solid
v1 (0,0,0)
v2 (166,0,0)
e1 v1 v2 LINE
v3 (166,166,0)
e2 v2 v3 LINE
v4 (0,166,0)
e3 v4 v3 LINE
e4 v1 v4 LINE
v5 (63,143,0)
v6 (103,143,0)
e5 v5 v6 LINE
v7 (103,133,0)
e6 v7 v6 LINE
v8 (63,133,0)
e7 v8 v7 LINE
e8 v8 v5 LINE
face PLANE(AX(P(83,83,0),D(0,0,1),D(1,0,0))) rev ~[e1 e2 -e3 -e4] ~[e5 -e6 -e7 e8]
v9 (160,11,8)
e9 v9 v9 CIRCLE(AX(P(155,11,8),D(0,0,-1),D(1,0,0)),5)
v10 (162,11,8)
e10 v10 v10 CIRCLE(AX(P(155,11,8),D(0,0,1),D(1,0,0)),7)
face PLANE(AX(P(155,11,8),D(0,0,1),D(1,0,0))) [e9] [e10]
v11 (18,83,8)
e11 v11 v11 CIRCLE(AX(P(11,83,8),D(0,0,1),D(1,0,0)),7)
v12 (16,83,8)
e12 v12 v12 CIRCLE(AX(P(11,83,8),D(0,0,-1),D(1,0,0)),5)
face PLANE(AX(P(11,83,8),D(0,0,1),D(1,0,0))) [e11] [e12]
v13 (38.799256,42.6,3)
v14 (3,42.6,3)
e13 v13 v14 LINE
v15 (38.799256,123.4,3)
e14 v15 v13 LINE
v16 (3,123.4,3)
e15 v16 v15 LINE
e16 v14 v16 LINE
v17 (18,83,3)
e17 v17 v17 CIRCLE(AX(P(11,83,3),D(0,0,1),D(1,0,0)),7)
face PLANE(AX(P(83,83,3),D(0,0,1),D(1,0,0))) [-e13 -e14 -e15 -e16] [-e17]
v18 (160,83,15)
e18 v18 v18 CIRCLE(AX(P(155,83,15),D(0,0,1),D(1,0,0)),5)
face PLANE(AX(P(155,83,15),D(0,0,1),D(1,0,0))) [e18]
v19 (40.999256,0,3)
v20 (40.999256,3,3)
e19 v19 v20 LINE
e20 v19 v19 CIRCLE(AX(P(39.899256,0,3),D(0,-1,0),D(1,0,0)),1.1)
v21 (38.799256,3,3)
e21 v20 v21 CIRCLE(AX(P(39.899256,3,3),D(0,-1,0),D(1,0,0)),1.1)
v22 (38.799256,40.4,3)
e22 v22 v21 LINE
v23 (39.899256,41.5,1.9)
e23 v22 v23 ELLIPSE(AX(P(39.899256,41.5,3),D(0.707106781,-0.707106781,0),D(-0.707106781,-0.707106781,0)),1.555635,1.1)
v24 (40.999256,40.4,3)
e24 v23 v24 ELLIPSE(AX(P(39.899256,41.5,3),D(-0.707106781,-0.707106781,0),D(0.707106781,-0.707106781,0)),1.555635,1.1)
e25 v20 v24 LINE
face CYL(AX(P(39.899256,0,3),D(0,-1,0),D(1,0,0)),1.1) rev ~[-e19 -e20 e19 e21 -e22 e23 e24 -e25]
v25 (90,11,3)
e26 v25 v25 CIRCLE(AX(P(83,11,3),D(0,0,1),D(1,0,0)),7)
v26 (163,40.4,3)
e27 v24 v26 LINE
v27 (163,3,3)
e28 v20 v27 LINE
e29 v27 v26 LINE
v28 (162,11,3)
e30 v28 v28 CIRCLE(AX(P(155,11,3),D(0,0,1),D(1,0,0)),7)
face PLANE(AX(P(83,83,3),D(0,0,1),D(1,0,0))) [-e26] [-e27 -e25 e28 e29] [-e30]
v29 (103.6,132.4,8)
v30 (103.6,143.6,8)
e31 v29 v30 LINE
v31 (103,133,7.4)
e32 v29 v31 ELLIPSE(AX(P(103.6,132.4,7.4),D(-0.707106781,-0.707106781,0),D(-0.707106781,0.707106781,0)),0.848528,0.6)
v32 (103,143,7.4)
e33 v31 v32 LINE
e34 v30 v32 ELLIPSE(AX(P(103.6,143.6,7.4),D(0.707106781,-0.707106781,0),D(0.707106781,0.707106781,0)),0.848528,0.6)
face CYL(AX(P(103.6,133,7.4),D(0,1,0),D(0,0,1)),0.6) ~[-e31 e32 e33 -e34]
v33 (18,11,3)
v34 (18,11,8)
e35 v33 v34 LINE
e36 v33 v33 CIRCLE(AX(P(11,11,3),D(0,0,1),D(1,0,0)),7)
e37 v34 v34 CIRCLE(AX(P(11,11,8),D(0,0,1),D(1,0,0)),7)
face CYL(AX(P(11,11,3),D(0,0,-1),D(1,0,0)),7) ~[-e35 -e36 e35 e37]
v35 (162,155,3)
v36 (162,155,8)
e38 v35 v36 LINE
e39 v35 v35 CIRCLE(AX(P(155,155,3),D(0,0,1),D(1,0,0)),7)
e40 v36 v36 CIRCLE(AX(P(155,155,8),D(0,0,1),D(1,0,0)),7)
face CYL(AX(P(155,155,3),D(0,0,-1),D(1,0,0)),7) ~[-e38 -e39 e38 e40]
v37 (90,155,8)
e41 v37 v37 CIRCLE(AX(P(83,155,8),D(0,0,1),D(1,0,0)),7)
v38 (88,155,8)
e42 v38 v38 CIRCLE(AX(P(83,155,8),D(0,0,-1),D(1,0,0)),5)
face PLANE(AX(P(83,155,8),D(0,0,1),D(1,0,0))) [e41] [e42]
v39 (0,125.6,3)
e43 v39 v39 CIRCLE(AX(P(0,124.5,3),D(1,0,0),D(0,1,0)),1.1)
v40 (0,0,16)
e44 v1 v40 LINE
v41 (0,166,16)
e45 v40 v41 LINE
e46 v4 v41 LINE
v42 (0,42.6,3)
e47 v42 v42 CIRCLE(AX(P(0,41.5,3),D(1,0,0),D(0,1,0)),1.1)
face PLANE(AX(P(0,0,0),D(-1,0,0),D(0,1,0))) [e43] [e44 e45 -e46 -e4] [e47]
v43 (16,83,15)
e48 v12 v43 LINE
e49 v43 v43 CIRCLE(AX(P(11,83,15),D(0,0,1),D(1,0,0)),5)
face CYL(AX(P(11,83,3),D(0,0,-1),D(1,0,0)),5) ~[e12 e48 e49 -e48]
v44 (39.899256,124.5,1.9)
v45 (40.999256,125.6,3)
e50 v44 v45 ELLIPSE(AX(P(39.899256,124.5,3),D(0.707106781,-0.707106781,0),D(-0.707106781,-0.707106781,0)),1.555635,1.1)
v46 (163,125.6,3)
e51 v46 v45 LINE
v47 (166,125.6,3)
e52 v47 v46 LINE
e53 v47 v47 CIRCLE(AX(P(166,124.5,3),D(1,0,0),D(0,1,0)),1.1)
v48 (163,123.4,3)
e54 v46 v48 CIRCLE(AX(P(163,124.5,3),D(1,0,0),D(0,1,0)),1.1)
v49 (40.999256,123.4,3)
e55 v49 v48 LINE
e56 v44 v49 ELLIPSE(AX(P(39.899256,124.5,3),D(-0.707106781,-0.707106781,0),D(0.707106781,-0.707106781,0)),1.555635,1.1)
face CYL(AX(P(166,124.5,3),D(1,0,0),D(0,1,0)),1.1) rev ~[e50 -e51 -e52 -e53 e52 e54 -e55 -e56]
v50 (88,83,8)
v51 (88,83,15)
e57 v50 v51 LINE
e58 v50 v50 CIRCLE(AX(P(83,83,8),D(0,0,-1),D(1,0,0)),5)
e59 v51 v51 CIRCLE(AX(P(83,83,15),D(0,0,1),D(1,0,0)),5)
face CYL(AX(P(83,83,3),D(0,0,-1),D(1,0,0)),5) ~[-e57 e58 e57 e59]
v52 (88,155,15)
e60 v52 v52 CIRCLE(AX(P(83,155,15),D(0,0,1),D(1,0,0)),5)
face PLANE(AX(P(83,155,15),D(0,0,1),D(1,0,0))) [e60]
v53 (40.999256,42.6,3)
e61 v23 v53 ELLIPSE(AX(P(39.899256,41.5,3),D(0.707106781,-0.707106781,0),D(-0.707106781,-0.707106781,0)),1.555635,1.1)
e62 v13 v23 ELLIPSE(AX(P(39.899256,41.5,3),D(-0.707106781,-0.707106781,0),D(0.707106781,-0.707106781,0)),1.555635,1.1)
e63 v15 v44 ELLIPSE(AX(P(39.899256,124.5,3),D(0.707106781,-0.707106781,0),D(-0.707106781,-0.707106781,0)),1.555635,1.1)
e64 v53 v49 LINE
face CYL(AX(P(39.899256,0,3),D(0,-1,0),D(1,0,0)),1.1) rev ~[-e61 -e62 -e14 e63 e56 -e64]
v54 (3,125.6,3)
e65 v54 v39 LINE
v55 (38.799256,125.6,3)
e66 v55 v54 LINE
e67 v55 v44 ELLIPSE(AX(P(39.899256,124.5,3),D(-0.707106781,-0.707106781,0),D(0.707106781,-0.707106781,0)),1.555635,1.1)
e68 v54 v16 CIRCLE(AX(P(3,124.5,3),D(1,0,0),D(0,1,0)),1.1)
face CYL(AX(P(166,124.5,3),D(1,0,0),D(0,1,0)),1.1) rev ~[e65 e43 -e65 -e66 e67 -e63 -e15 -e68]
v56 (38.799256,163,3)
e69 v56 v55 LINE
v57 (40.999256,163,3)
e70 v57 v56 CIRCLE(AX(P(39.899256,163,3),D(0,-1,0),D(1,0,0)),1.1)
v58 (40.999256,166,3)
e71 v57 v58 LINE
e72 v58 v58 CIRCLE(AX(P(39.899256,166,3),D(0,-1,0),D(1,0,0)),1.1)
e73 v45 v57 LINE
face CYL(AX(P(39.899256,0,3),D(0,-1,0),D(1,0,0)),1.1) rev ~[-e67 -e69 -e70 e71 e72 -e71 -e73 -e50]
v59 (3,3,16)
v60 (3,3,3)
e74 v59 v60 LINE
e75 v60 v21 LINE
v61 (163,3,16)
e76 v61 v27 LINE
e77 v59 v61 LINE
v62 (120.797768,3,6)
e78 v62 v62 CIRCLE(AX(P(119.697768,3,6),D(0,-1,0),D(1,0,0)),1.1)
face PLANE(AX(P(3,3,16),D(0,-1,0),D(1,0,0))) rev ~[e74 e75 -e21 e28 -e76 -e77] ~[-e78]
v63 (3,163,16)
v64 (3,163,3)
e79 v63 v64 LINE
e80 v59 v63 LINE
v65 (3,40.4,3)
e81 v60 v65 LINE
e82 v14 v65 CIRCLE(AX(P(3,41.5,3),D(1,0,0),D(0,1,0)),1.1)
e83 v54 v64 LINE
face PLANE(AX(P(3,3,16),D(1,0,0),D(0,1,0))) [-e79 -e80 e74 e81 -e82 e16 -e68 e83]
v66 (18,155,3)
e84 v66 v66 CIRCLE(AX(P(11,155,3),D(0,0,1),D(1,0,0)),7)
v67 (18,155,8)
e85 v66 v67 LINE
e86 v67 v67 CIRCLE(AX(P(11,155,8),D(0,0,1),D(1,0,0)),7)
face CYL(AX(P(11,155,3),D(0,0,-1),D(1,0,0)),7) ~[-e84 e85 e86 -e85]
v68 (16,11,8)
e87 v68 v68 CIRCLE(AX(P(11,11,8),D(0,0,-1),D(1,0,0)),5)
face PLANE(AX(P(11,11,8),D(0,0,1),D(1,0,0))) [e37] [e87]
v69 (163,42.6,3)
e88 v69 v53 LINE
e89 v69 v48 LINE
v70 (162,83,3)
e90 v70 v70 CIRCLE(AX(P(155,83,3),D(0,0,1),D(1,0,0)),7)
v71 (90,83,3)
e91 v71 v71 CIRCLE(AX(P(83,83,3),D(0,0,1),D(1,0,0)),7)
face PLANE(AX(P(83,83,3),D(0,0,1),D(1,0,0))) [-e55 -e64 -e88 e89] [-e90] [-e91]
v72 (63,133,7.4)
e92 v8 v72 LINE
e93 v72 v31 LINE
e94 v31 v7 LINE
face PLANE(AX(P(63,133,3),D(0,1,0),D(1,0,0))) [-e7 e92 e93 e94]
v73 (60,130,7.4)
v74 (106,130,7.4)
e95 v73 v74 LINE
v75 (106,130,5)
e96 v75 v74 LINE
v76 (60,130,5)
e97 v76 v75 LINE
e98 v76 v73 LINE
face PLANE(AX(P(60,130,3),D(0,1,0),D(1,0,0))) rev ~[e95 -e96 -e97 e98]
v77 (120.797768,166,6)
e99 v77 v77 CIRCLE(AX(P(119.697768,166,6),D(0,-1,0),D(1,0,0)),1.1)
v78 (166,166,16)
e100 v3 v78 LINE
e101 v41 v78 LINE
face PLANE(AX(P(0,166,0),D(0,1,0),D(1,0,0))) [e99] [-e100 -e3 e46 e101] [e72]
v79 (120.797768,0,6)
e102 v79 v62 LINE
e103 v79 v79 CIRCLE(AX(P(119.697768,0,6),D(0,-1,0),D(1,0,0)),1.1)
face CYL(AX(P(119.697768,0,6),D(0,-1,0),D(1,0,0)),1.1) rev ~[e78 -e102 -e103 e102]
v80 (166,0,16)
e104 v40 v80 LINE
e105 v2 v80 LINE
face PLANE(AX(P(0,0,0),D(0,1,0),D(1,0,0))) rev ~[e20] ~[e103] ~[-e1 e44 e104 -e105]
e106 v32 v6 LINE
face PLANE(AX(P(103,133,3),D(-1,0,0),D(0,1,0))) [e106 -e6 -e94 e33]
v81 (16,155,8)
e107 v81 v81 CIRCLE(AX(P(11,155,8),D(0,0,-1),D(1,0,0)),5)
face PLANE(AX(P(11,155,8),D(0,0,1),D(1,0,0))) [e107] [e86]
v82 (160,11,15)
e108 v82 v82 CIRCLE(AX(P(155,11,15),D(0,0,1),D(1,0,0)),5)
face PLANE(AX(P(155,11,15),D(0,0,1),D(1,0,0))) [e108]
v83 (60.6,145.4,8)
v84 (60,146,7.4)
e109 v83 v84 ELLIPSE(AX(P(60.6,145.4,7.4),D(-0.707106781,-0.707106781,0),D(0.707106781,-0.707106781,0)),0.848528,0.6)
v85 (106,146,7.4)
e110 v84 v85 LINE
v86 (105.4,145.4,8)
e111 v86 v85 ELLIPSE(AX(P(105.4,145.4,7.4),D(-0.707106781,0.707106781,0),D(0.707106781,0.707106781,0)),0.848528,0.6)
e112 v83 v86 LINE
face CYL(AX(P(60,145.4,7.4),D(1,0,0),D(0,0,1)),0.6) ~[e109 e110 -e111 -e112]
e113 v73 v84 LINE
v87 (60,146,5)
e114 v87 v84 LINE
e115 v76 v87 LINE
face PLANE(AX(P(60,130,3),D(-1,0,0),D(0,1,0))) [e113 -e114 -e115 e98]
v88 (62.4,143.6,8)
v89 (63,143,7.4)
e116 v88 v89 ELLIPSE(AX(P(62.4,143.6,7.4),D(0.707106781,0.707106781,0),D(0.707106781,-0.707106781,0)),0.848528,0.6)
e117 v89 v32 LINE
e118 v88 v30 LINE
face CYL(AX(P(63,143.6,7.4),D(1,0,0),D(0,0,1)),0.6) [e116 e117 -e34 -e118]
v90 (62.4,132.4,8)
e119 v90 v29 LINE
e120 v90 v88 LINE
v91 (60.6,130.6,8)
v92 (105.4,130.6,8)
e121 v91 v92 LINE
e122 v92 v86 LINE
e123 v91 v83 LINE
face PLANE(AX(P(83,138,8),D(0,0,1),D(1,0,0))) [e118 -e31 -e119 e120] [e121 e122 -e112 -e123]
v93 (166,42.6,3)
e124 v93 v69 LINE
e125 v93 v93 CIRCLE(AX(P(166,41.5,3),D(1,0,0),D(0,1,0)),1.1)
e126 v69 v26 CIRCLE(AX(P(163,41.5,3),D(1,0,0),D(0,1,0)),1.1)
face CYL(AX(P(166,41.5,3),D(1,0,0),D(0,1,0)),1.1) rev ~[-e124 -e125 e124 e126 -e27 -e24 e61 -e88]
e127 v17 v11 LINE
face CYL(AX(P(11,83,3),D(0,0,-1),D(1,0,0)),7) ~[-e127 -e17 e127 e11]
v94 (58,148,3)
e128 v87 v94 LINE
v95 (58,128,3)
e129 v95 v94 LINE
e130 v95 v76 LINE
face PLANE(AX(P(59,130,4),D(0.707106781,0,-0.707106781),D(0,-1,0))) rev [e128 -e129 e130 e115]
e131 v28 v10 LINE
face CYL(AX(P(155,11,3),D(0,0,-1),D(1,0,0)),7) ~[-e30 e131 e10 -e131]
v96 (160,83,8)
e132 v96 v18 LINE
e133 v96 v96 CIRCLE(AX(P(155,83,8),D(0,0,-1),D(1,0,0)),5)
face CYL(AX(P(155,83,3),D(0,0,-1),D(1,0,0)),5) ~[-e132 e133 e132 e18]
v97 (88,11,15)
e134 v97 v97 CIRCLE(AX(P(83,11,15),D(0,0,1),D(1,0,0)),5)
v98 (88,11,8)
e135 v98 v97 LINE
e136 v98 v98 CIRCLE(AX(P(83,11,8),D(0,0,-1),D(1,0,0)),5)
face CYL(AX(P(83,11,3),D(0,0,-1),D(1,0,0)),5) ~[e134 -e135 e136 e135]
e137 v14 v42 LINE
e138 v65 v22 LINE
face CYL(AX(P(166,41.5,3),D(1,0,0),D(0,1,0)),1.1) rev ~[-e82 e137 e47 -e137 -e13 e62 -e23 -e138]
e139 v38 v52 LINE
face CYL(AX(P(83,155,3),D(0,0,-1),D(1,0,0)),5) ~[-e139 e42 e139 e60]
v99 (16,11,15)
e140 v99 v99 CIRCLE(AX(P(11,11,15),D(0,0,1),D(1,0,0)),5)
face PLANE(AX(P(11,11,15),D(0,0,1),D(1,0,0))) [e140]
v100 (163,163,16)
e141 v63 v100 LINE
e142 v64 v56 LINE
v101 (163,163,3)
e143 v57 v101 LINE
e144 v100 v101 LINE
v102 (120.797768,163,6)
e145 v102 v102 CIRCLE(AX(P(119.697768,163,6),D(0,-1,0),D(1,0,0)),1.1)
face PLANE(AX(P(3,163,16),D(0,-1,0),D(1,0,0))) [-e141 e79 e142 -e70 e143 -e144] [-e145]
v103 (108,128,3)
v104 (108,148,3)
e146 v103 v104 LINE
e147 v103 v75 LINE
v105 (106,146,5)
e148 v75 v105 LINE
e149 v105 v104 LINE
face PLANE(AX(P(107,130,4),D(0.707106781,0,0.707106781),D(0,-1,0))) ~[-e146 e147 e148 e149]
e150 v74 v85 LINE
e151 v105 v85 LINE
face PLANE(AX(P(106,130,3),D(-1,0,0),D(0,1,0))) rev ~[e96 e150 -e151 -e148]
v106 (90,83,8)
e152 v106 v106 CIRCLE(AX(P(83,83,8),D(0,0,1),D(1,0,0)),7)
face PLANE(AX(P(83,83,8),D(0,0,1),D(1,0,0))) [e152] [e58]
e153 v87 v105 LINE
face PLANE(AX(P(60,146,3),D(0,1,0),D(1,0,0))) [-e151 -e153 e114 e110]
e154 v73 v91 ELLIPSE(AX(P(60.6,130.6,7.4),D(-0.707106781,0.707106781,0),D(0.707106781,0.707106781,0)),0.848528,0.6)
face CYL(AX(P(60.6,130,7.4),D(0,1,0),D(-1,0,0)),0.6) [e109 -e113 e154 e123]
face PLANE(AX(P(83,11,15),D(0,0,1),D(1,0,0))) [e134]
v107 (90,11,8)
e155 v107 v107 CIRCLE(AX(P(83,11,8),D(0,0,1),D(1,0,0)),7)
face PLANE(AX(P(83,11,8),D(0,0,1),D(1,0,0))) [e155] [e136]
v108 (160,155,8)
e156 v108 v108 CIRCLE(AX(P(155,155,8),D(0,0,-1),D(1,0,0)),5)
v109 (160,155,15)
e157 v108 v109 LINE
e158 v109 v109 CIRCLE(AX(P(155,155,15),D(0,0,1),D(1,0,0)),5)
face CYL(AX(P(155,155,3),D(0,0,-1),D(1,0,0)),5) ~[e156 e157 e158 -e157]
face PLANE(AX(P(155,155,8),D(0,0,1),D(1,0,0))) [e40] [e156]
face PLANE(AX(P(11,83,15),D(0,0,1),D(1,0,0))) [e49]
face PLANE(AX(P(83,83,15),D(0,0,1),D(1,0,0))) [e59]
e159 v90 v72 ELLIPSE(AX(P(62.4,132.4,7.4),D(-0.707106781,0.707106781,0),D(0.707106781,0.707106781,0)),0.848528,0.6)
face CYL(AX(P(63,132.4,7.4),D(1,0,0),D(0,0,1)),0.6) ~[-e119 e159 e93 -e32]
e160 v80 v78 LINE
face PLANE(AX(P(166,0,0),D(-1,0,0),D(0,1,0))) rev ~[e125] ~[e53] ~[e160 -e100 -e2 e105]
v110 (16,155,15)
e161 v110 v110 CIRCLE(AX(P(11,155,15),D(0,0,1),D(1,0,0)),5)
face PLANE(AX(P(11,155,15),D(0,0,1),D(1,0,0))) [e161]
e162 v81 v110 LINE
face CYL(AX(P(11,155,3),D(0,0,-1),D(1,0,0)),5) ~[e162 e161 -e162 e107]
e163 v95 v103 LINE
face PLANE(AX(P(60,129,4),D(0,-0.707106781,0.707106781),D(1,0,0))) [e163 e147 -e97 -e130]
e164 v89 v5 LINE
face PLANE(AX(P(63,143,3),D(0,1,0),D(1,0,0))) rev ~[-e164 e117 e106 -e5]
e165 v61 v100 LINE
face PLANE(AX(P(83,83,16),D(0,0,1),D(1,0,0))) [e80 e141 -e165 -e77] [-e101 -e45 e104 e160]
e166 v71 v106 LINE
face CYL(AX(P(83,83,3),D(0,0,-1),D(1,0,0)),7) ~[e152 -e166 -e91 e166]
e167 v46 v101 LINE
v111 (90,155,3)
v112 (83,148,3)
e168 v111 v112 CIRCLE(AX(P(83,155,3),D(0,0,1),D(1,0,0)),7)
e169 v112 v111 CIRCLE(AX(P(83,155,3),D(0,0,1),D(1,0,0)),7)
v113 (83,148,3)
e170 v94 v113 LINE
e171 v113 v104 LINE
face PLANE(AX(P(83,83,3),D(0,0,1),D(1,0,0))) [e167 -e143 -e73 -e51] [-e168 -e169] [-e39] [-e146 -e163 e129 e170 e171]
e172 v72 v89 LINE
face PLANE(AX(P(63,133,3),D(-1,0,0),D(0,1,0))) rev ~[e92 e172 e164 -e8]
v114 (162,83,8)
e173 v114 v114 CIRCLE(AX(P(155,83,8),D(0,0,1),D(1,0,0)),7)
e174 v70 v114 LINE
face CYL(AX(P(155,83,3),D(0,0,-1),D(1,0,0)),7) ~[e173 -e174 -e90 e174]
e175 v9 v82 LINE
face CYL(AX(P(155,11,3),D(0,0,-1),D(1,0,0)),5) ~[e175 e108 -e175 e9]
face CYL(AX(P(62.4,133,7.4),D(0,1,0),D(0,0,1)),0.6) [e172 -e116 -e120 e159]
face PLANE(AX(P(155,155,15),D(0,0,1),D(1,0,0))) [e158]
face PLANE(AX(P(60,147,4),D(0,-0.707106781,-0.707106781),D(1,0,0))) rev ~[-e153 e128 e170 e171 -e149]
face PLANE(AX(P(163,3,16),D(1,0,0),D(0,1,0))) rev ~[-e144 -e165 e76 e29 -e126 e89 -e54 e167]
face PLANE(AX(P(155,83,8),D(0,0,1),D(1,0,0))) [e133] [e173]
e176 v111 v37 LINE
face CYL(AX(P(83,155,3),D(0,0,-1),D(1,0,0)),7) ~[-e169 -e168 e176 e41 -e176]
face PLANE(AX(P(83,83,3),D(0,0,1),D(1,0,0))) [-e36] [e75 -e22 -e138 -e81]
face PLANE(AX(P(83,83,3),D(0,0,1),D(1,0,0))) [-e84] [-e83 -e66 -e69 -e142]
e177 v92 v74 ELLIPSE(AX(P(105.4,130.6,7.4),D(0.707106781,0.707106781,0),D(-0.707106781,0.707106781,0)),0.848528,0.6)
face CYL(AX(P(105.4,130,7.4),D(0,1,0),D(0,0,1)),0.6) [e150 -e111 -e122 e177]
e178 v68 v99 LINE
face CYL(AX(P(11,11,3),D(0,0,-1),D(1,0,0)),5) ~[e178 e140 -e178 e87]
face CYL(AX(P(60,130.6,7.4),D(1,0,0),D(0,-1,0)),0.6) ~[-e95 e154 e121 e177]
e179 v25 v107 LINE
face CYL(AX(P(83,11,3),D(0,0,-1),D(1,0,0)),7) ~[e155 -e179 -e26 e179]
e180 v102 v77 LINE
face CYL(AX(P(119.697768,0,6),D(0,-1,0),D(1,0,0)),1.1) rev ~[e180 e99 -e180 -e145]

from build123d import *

# Parameters (mm, degrees)
SKETCH018_W     = 166
SKETCH018_H     = 166
PAD009_DEPTH    = 16
SKETCH019_W     = 160
SKETCH019_H     = 160
POCKET009_DEPTH = 13
SKETCH020_R     = 5
PAD010_DEPTH    = 12
SKETCH021_W     = 40
SKETCH021_H     = 10
POCKET010_DEPTH = 5
SKETCH022_W     = 46
SKETCH022_H     = 16
SKETCH022_W_2   = 40
SKETCH022_H_2   = 10
PAD011_DEPTH    = 5
CHAMFER001_SIZE = 2
FILLET004_R     = 0.6
SKETCH023_R     = 7
PAD012_DEPTH    = 5
SKETCH024_R     = 1.1
POCKET011_DEPTH = 166.001
SKETCH025_R     = 1.1
POCKET012_DEPTH = 167


with BuildPart() as part:
    # Sketch018 → Pad009 (new body)
    with BuildSketch(Plane.XY):
        with Locations((83, 83)):
            Rectangle(SKETCH018_W, SKETCH018_H)
    extrude(amount=PAD009_DEPTH)

    # Sketch019 (on Face6 of Pad009) → Pocket009 (cut)
    with BuildSketch(Plane.XY.offset(16)):
        with Locations((83, 83)):
            Rectangle(SKETCH019_W, SKETCH019_H)
    extrude(amount=-POCKET009_DEPTH, mode=Mode.SUBTRACT)

    # Sketch020 (on Face11 of Pocket009) → Pad010 (join)
    with BuildSketch(Plane.XY.offset(3)):
        with Locations((11, 155)):
            Circle(SKETCH020_R)
        with Locations((83, 155)):
            Circle(SKETCH020_R)
        with Locations((155, 155)):
            Circle(SKETCH020_R)
        with Locations((11, 83)):
            Circle(SKETCH020_R)
        with Locations((83, 83)):
            Circle(SKETCH020_R)
        with Locations((155, 83)):
            Circle(SKETCH020_R)
        with Locations((11, 11)):
            Circle(SKETCH020_R)
        with Locations((83, 11)):
            Circle(SKETCH020_R)
        with Locations((155, 11)):
            Circle(SKETCH020_R)
    extrude(amount=PAD010_DEPTH)

    # Sketch021 (on Face11 of Pad010) → Pocket010 (cut)
    with BuildSketch(Plane.XY.offset(3)):
        with Locations((83, 138)):
            Rectangle(SKETCH021_W, SKETCH021_H)
    extrude(amount=-POCKET010_DEPTH, mode=Mode.SUBTRACT)

    # Sketch022 (on Face15 of Pocket010) → Pad011 (join)
    with BuildSketch(Plane.XY.offset(3)):
        with Locations((83, 138)):
            Rectangle(SKETCH022_W, SKETCH022_H)
        with Locations((83, 138)):
            Rectangle(SKETCH022_W_2, SKETCH022_H_2, mode=Mode.SUBTRACT)
    extrude(amount=PAD011_DEPTH)

    # Chamfer001
    chamfer001_edges = [part.edges().sort_by_distance(p)[0] for p in [
        (83, 130, 3),
        (60, 138, 3),
        (106, 138, 3),
        (83, 146, 3),
    ]]
    chamfer(chamfer001_edges, length=CHAMFER001_SIZE)

    # Fillet004
    fillet004_edges = [part.edges().sort_by_distance(p)[0] for p in [
        (83, 146, 8),
        (106, 138, 8),
        (83, 130, 8),
        (60, 138, 8),
        (83, 143, 8),
        (103, 138, 8),
        (83, 133, 8),
        (63, 138, 8),
    ]]
    fillet(fillet004_edges, radius=FILLET004_R)

    # Sketch023 (on Face11 of Fillet004) → Pad012 (join)
    with BuildSketch(Plane.XY.offset(3)):
        with Locations((11, 155)):
            Circle(SKETCH023_R)
        with Locations((83, 155)):
            Circle(SKETCH023_R)
        with Locations((155, 155)):
            Circle(SKETCH023_R)
        with Locations((11, 83)):
            Circle(SKETCH023_R)
        with Locations((83, 83)):
            Circle(SKETCH023_R)
        with Locations((155, 83)):
            Circle(SKETCH023_R)
        with Locations((11, 11)):
            Circle(SKETCH023_R)
        with Locations((83, 11)):
            Circle(SKETCH023_R)
        with Locations((155, 11)):
            Circle(SKETCH023_R)
    extrude(amount=PAD012_DEPTH)

    # Sketch024 (on Face50 of Pad012) → Pocket011 (cut, through all)
    with BuildSketch(Plane.XZ):
        with Locations((39.899256, 3)):
            Circle(SKETCH024_R)
        with Locations((119.697768, 6)):
            Circle(SKETCH024_R)
    extrude(amount=-POCKET011_DEPTH, mode=Mode.SUBTRACT)

    # Sketch025 (on Face48 of Pocket011) → Pocket012 (cut)
    with BuildSketch(Plane.YZ.offset(166)):
        with Locations((41.5, 3)):
            Circle(SKETCH025_R)
        with Locations((124.5, 3)):
            Circle(SKETCH025_R)
    extrude(amount=-POCKET012_DEPTH, mode=Mode.SUBTRACT)


solid = part.part
